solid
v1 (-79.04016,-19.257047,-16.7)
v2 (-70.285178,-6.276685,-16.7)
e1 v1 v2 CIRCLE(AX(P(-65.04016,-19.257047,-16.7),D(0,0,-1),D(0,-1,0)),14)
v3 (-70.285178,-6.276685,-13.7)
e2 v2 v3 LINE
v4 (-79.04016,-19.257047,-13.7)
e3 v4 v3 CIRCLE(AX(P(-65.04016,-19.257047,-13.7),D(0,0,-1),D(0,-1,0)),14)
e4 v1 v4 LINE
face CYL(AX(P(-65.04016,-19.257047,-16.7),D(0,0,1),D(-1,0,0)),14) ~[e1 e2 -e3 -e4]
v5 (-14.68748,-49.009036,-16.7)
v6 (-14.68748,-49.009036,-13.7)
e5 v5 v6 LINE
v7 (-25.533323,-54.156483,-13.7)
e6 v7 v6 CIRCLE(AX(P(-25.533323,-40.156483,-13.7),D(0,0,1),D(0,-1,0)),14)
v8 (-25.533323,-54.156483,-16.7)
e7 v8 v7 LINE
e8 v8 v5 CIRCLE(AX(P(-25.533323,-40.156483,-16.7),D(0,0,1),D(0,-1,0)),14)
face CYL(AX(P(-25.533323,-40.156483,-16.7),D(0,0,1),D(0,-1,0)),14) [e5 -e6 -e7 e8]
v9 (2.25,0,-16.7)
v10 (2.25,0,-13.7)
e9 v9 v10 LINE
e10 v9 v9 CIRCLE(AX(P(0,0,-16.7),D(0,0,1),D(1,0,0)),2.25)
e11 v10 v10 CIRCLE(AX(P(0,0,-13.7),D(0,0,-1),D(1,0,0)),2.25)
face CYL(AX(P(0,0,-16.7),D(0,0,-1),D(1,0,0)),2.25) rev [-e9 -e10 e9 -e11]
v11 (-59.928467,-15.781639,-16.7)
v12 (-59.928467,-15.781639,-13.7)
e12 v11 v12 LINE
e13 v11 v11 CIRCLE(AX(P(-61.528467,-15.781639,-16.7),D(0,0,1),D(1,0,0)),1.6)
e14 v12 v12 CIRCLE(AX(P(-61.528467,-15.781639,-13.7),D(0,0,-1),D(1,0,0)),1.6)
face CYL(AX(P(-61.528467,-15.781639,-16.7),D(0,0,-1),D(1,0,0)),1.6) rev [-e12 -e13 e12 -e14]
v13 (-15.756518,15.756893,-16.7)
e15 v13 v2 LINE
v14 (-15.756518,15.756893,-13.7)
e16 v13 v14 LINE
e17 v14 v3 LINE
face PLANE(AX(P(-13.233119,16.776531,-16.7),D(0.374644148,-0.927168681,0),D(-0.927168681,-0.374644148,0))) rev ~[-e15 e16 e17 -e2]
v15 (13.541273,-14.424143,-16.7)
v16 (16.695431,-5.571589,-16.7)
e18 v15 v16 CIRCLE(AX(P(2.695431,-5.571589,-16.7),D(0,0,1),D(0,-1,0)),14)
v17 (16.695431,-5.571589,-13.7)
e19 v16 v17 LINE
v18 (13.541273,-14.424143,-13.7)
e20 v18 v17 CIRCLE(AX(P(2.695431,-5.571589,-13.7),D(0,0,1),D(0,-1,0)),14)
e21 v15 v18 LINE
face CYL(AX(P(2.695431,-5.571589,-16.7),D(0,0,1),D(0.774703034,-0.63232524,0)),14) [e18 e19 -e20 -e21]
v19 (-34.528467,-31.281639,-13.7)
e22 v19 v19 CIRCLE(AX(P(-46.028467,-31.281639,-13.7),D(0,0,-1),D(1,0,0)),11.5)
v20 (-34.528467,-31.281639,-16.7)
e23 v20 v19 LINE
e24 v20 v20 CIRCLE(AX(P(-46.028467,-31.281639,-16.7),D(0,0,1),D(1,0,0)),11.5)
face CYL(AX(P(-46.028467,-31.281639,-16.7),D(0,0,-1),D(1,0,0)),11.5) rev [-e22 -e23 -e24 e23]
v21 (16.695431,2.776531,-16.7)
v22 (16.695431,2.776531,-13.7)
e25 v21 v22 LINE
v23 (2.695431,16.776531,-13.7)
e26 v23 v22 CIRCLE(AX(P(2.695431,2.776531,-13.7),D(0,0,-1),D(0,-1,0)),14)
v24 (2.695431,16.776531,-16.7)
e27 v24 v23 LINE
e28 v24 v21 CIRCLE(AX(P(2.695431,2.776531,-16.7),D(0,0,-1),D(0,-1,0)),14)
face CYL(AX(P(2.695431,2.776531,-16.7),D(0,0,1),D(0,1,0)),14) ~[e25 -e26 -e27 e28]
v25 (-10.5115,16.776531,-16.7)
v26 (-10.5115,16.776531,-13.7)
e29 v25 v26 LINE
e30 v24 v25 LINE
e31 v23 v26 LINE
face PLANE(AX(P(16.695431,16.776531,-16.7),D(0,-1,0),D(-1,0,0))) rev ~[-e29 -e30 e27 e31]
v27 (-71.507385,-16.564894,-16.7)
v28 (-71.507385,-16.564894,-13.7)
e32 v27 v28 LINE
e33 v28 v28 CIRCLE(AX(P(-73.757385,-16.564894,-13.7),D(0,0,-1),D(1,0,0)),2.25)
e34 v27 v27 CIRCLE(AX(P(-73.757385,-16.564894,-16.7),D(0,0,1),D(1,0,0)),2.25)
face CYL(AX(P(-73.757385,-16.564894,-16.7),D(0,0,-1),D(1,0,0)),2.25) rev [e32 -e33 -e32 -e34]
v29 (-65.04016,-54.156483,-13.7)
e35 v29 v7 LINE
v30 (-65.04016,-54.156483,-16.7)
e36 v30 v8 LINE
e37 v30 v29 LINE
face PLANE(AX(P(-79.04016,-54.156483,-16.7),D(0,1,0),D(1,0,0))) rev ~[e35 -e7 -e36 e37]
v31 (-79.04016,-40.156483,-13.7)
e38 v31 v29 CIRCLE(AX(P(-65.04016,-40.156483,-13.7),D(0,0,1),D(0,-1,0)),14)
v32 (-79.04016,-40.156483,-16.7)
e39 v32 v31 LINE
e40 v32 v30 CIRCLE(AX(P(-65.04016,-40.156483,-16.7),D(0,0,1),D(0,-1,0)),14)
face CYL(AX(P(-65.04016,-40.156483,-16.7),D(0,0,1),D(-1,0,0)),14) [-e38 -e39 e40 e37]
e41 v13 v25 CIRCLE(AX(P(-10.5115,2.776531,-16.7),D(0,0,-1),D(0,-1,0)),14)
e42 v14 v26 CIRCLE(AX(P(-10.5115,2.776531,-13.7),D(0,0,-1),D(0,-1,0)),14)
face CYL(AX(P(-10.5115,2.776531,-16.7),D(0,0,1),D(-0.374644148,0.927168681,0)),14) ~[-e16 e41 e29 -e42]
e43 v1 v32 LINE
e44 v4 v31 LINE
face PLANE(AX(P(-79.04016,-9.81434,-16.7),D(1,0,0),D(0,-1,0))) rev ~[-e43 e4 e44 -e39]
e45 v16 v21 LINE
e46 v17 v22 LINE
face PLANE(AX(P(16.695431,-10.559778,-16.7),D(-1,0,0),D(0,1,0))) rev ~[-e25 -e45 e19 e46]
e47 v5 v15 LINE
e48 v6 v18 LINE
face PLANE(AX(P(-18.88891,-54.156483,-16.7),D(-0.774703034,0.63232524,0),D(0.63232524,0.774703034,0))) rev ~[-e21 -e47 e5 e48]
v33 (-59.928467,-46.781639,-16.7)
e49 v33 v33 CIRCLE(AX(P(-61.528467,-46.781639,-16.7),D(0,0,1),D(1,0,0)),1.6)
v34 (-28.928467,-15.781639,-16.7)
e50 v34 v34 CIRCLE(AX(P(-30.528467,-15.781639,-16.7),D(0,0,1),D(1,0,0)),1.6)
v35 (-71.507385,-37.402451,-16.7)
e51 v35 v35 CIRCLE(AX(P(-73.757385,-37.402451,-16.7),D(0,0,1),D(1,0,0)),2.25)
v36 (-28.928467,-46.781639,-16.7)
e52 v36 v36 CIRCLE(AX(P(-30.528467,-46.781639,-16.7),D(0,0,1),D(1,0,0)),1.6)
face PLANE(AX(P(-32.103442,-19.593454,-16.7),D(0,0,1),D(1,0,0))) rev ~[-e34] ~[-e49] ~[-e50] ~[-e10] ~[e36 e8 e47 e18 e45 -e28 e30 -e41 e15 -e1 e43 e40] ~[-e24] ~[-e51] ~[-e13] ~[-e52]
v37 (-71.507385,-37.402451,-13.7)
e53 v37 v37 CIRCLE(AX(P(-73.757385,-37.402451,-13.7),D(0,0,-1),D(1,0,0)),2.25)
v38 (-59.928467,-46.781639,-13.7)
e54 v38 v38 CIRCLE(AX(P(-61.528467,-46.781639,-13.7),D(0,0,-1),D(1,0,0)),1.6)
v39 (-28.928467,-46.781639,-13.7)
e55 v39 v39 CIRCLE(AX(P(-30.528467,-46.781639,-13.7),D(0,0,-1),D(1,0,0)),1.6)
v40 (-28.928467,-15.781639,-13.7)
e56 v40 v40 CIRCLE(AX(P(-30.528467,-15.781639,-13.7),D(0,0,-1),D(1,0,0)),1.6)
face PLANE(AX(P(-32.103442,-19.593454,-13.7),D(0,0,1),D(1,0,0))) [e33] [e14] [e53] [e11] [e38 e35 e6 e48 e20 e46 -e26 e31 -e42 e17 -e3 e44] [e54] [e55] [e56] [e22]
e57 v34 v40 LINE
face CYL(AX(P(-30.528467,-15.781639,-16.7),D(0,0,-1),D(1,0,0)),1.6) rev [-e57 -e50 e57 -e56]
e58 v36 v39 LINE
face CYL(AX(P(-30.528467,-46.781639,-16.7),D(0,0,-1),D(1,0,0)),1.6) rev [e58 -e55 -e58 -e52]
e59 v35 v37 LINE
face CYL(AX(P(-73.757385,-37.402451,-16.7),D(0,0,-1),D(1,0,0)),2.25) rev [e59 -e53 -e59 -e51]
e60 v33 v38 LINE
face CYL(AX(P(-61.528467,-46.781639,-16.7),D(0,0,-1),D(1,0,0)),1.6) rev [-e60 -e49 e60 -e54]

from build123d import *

# Parameters (mm, degrees)
PAD004_DEPTH         = 3
SKETCH004_R          = 2.25
SKETCH004_R_2        = 1.6
SKETCH004_R_3        = 11.5
POCKET002_DEPTH      = 0.001
POCKET002_DEPTH_BACK = 3.001
FILLET001_R          = 14


with BuildPart() as part:
    # Sketch003 → Pad004 (new body)
    with BuildSketch(Plane.XY):
        Polygon((-79.04016, -9.81434), (-79.04016, -54.156483), (-18.88891, -54.156483), (16.695431, -10.559778), (16.695431, 16.776531), (-13.233119, 16.776531), align=None)
    extrude(amount=PAD004_DEPTH)

    # Sketch004 → Pocket002 (cut, two sides)
    with BuildSketch(Plane.XY) as pocket002_sk:
        Circle(SKETCH004_R)
        with Locations((-61.528467, -15.781639)):
            Circle(SKETCH004_R_2)
        with Locations((-30.528467, -15.781639)):
            Circle(SKETCH004_R_2)
        with Locations((-61.528467, -46.781639)):
            Circle(SKETCH004_R_2)
        with Locations((-30.528467, -46.781639)):
            Circle(SKETCH004_R_2)
        with Locations((-46.028467, -31.281639)):
            Circle(SKETCH004_R_3)
        with Locations((-73.757385, -16.564894)):
            Circle(SKETCH004_R)
        with Locations((-73.757385, -37.402451)):
            Circle(SKETCH004_R)
    extrude(amount=-POCKET002_DEPTH, mode=Mode.SUBTRACT)
    extrude(pocket002_sk.sketch, amount=POCKET002_DEPTH_BACK, mode=Mode.SUBTRACT)

    # Fillet001
    fillet001_edges = [part.edges().sort_by_distance(p)[0] for p in [
        (-79.04016, -54.156483, 1.5),
        (-79.04016, -9.81434, 1.5),
        (-18.88891, -54.156483, 1.5),
        (16.695431, -10.559778, 1.5),
        (16.695431, 16.776531, 1.5),
        (-13.233119, 16.776531, 1.5),
    ]]
    fillet(fillet001_edges, radius=FILLET001_R)


with BuildPart() as part_1:
    # Body003 placement: moved
    add(part.part.moved(Location((0, 0, -16.7))))


solid = part_1.part
